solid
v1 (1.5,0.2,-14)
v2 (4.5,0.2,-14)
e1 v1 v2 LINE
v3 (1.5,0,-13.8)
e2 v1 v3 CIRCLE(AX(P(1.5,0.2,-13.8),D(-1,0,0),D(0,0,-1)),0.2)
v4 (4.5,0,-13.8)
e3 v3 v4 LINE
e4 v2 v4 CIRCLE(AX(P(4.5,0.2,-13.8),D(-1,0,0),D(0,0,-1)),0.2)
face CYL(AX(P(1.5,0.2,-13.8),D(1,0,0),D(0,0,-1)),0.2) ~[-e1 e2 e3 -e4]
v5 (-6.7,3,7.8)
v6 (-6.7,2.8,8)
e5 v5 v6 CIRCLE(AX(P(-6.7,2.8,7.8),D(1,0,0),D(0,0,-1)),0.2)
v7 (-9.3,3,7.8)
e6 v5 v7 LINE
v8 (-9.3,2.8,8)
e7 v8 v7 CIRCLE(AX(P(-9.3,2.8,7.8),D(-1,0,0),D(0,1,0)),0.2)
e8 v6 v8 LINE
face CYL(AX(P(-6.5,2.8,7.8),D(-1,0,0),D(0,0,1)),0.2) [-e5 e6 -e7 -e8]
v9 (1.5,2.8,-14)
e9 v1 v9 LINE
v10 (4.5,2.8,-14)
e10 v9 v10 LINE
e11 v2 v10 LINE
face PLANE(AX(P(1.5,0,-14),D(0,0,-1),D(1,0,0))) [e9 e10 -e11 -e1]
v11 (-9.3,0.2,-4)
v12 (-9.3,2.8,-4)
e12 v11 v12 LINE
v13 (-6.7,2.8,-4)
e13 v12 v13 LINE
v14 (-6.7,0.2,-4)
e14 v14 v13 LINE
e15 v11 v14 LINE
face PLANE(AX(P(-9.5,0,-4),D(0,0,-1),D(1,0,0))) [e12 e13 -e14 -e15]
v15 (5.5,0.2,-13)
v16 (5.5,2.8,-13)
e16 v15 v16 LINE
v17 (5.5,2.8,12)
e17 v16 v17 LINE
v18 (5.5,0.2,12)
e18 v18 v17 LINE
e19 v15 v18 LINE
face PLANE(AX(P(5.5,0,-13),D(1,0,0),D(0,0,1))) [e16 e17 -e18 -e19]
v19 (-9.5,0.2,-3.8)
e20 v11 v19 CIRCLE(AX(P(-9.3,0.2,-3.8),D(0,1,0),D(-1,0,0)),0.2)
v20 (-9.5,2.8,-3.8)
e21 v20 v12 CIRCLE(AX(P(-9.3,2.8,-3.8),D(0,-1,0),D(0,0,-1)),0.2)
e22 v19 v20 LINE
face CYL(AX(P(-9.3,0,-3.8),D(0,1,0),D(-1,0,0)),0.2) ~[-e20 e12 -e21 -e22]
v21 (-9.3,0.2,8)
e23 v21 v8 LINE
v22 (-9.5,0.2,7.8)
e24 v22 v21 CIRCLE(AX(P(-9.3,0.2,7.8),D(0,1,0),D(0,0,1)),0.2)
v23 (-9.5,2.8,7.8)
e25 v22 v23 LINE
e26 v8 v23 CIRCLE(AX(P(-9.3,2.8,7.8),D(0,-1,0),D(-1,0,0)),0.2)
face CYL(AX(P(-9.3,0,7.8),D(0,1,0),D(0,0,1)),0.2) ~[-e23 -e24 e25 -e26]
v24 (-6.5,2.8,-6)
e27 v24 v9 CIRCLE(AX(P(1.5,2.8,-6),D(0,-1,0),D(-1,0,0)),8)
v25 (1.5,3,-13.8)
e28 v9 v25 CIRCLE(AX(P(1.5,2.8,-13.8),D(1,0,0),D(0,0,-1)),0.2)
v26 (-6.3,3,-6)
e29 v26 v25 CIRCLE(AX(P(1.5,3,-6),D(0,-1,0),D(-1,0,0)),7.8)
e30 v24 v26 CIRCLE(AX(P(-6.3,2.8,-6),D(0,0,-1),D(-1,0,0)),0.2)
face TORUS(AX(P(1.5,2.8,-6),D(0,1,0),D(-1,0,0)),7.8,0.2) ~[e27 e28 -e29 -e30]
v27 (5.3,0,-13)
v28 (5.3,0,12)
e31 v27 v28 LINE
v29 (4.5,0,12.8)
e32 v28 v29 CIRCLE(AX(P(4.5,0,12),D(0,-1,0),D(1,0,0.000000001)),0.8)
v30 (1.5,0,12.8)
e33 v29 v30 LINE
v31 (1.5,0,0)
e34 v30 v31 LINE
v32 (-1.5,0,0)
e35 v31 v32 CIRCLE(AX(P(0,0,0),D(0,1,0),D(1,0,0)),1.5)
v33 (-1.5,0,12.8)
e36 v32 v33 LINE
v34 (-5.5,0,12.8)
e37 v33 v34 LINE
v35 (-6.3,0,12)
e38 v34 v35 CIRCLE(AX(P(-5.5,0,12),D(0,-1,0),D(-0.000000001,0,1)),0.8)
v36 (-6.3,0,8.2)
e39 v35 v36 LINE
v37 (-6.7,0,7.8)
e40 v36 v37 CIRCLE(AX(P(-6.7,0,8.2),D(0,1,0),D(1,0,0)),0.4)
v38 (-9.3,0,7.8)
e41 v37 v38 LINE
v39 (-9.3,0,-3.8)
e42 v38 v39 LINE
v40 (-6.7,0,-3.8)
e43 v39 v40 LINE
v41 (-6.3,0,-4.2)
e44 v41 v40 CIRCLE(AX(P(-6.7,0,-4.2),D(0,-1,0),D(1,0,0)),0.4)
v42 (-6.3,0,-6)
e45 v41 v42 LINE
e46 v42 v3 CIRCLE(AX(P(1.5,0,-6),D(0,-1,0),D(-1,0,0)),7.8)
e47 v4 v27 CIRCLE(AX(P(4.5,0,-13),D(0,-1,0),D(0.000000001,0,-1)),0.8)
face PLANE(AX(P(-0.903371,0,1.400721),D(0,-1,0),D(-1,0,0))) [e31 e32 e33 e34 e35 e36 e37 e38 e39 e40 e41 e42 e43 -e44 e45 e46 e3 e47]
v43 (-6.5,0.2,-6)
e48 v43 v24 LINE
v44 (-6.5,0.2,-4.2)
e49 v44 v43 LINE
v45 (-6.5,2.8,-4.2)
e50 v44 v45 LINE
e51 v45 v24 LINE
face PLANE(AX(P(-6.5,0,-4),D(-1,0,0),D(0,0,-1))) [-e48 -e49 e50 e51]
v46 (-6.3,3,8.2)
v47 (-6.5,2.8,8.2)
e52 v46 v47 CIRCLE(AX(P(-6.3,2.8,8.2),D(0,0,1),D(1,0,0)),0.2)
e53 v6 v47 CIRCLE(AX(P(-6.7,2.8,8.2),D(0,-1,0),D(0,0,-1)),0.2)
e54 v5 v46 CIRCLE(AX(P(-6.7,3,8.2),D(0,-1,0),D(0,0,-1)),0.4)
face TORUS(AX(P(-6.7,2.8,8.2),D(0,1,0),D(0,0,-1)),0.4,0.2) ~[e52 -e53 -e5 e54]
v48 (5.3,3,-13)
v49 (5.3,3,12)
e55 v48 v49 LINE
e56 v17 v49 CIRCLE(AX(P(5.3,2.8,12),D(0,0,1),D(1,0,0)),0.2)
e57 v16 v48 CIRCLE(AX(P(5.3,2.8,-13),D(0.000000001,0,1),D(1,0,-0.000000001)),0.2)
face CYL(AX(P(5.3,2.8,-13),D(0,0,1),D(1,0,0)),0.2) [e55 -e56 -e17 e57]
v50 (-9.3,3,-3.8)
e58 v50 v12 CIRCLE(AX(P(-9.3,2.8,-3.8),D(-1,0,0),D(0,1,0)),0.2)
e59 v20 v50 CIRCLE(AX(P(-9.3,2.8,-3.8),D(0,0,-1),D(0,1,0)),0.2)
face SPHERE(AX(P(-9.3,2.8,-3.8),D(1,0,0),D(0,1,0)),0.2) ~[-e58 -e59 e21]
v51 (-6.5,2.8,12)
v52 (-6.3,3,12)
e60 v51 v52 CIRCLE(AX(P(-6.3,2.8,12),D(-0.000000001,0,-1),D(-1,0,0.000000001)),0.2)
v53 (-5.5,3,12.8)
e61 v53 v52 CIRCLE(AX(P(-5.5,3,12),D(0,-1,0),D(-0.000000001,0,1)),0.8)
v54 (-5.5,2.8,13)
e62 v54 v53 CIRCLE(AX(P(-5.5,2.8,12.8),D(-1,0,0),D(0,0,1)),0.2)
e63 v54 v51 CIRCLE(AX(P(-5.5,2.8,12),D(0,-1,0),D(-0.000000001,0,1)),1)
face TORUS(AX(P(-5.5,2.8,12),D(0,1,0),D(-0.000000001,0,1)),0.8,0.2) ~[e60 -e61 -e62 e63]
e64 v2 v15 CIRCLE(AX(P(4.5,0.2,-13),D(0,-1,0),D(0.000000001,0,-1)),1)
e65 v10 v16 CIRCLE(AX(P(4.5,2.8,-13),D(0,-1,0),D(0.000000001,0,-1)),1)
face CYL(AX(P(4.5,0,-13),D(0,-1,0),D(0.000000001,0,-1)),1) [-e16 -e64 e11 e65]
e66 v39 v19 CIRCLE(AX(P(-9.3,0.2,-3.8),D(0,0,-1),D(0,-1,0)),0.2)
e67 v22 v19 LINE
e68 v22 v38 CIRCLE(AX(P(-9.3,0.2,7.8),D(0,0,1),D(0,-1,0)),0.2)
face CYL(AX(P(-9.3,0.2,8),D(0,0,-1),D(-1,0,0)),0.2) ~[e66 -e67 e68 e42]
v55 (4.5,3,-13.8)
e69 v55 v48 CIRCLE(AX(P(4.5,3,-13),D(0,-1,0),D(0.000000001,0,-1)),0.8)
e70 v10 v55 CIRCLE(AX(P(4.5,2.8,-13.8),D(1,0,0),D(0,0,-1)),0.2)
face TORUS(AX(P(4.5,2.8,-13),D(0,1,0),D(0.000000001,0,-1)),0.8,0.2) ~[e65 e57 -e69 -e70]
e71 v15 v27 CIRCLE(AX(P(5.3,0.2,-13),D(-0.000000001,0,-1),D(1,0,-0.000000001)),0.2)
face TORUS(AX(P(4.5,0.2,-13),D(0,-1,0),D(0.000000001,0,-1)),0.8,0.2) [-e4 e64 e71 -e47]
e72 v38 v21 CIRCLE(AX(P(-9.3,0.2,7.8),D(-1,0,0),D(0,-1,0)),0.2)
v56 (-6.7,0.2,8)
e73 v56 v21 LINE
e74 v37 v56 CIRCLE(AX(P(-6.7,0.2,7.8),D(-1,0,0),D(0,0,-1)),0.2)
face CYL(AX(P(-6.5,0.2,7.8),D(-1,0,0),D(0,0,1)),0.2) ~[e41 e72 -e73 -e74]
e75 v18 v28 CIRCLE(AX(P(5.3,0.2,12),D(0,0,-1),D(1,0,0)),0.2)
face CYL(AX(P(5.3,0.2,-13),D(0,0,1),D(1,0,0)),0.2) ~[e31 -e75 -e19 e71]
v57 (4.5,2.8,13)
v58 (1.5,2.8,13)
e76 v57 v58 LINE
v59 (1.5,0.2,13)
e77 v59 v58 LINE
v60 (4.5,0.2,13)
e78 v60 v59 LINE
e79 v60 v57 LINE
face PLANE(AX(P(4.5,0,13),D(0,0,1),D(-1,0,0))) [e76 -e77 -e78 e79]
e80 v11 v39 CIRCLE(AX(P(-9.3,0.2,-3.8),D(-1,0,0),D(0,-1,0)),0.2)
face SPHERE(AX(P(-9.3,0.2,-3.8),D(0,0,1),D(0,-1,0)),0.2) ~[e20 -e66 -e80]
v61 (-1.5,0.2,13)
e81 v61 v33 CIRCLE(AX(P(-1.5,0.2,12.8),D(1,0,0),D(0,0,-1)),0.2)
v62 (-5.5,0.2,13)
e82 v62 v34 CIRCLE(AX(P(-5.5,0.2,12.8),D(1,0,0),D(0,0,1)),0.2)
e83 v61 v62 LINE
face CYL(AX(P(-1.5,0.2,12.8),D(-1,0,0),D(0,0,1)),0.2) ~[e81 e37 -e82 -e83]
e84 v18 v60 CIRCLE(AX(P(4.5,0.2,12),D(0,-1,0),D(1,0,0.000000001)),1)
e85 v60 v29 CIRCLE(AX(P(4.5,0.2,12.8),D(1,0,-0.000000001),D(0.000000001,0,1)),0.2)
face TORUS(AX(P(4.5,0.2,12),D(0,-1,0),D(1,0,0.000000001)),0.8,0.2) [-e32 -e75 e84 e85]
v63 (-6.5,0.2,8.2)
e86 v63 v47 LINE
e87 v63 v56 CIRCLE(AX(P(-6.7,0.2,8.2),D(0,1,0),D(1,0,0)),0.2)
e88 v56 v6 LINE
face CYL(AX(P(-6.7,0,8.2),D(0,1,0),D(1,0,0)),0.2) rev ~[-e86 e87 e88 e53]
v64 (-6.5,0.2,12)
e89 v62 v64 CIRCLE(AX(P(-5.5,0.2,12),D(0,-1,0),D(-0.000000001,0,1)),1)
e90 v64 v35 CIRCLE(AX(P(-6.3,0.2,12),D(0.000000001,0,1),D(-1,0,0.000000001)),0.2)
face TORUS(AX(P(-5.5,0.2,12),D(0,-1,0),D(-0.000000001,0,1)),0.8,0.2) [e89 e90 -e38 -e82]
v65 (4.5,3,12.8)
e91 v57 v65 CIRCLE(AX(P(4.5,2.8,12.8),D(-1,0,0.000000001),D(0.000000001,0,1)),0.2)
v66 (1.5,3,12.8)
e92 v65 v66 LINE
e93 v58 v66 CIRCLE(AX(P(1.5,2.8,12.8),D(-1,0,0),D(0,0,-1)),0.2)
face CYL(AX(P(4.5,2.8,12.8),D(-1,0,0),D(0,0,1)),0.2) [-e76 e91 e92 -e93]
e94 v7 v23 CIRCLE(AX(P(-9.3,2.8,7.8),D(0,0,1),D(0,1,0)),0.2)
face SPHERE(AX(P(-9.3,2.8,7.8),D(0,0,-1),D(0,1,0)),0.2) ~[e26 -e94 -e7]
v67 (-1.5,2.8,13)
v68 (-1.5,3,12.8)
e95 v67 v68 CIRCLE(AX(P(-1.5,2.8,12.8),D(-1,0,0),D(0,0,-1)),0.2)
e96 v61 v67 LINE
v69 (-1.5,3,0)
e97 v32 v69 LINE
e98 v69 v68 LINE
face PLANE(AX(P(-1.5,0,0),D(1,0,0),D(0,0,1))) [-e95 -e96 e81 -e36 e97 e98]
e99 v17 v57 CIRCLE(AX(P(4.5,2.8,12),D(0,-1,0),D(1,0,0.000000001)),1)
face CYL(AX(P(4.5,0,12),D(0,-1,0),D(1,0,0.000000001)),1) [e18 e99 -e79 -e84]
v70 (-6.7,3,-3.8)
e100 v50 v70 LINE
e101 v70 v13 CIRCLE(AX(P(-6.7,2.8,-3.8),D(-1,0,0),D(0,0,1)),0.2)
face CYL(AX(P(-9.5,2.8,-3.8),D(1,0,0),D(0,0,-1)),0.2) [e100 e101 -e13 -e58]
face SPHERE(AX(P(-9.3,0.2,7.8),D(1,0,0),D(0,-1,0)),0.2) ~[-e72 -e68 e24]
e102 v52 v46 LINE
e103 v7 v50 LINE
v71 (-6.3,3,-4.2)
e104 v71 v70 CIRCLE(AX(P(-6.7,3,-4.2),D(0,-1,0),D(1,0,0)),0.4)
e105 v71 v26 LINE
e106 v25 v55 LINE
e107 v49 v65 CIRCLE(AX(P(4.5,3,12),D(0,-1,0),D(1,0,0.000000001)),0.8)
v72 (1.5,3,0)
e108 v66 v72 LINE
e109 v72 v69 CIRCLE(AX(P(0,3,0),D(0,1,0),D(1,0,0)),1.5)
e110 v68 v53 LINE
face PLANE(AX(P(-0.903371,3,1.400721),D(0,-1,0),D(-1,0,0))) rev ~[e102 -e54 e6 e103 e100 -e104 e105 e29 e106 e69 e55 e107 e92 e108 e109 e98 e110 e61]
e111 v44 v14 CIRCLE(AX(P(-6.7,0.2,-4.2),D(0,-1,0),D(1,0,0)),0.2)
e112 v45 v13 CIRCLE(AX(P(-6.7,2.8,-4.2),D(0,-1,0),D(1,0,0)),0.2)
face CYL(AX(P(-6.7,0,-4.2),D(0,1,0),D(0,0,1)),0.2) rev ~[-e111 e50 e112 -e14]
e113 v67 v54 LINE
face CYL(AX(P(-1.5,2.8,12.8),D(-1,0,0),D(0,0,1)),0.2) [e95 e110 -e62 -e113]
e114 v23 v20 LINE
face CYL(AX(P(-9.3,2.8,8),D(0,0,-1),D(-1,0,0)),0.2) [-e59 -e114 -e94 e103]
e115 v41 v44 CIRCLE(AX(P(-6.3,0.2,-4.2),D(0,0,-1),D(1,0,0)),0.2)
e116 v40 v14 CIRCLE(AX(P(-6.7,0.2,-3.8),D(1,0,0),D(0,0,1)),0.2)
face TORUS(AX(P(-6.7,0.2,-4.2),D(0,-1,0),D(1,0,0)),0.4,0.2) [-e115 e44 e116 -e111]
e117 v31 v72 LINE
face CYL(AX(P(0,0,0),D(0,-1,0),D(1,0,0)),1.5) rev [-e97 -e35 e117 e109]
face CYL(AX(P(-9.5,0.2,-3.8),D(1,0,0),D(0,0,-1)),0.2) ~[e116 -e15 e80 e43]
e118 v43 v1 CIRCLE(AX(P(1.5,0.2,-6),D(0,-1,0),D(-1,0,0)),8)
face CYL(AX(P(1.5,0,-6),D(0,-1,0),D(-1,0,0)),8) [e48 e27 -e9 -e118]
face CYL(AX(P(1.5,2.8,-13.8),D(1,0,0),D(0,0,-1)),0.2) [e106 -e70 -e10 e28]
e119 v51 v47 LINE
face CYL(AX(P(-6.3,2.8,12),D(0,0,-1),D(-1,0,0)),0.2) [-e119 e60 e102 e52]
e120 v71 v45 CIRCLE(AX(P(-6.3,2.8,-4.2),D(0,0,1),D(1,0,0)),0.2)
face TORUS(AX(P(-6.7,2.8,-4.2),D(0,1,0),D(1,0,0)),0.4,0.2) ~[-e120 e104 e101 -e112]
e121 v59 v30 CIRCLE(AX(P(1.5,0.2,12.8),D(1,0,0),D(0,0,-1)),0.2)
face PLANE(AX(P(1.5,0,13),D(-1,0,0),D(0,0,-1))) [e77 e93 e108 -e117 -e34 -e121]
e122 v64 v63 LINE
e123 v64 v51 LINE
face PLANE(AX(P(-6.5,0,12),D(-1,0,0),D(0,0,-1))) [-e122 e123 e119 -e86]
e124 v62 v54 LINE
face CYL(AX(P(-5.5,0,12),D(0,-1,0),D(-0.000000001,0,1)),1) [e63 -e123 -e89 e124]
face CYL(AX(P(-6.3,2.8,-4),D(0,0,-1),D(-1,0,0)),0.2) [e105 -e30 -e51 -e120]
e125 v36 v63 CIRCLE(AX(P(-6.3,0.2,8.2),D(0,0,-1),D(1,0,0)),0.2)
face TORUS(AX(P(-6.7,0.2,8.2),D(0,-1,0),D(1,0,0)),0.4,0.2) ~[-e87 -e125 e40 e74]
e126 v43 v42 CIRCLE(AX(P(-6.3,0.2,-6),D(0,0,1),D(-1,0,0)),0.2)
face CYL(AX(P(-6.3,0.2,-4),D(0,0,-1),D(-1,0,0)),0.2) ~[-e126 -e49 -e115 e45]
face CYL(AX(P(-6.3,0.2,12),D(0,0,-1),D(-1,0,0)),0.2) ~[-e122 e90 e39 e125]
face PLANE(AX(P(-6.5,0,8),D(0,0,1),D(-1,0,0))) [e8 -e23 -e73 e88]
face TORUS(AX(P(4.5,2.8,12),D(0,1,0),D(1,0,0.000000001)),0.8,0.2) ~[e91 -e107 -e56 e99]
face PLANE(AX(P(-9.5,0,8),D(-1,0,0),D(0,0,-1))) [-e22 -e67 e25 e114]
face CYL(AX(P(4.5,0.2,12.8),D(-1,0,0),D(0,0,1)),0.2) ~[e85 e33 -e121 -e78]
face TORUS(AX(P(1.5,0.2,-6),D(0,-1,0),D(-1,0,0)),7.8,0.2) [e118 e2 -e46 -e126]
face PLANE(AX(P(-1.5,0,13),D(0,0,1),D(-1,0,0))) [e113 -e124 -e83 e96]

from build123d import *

# Parameters (mm, degrees)
BOSS_EXTRUDE1_DEPTH = 3
FILLET1_R           = 0.2


with BuildPart() as part:
    # Sketch1 → Boss-Extrude1 (new body)
    with BuildSketch(Plane(origin=(0, 0, 0), x_dir=(1, 0, 0), z_dir=(0, 1, 0))):
        with BuildLine():
            Line((-1.5, 0), (-1.5, -13))
            Line((-1.5, -13), (-5.5, -13))
            ThreePointArc((-5.5, -13), (-6.207106781, -12.707106781), (-6.5, -12))
            Line((-6.5, -12), (-6.5, -8))
            Line((-6.5, -8), (-9.5, -8))
            Line((-9.5, -8), (-9.5, 4))
            Line((-9.5, 4), (-6.5, 4))
            Line((-6.5, 4), (-6.5, 6))
            ThreePointArc((-6.5, 6), (-4.156854249, 11.656854249), (1.5, 14))
            Line((1.5, 14), (4.5, 14))
            ThreePointArc((4.5, 14), (5.207106781, 13.707106781), (5.5, 13))
            Line((5.5, 13), (5.5, -12))
            ThreePointArc((5.5, -12), (5.207106781, -12.707106781), (4.5, -13))
            Line((4.5, -13), (1.5, -13))
            Line((1.5, -13), (1.5, 0))
            ThreePointArc((1.5, 0), (0, 1.5), (-1.5, 0))
        make_face()
    extrude(amount=BOSS_EXTRUDE1_DEPTH)

    # Fillet1
    fillet1_edges = [part.edges().sort_by_distance(p)[0] for p in [
        (-8, 3, -4),
        (-9.5, 3, 2),
        (3, 0, -14),
        (5.207106781, 0, -13.707106781),
        (5.5, 0, -0.5),
        (5.207106781, 0, 12.707106781),
        (3, 0, 13),
        (-8, 3, 8),
        (-3.5, 0, 13),
        (-6.207106781, 0, 12.707106781),
        (-6.5, 0, 10),
        (-8, 0, 8),
        (-9.5, 0, 2),
        (-6.5, 3, 10),
        (-8, 0, -4),
        (-6.5, 0, -5),
        (-4.156854249, 0, -11.656854249),
        (-6.207106781, 3, 12.707106781),
        (-3.5, 3, 13),
        (-6.5, 1.5, 8),
        (-9.5, 1.5, 8),
        (-9.5, 1.5, -4),
        (-6.5, 1.5, -4),
        (3, 3, 13),
        (-4.156854249, 3, -11.656854249),
        (5.207106781, 3, 12.707106781),
        (5.5, 3, -0.5),
        (5.207106781, 3, -13.707106781),
        (3, 3, -14),
        (-6.5, 3, -5),
    ]]
    fillet(fillet1_edges, radius=FILLET1_R)


solid = part.part
